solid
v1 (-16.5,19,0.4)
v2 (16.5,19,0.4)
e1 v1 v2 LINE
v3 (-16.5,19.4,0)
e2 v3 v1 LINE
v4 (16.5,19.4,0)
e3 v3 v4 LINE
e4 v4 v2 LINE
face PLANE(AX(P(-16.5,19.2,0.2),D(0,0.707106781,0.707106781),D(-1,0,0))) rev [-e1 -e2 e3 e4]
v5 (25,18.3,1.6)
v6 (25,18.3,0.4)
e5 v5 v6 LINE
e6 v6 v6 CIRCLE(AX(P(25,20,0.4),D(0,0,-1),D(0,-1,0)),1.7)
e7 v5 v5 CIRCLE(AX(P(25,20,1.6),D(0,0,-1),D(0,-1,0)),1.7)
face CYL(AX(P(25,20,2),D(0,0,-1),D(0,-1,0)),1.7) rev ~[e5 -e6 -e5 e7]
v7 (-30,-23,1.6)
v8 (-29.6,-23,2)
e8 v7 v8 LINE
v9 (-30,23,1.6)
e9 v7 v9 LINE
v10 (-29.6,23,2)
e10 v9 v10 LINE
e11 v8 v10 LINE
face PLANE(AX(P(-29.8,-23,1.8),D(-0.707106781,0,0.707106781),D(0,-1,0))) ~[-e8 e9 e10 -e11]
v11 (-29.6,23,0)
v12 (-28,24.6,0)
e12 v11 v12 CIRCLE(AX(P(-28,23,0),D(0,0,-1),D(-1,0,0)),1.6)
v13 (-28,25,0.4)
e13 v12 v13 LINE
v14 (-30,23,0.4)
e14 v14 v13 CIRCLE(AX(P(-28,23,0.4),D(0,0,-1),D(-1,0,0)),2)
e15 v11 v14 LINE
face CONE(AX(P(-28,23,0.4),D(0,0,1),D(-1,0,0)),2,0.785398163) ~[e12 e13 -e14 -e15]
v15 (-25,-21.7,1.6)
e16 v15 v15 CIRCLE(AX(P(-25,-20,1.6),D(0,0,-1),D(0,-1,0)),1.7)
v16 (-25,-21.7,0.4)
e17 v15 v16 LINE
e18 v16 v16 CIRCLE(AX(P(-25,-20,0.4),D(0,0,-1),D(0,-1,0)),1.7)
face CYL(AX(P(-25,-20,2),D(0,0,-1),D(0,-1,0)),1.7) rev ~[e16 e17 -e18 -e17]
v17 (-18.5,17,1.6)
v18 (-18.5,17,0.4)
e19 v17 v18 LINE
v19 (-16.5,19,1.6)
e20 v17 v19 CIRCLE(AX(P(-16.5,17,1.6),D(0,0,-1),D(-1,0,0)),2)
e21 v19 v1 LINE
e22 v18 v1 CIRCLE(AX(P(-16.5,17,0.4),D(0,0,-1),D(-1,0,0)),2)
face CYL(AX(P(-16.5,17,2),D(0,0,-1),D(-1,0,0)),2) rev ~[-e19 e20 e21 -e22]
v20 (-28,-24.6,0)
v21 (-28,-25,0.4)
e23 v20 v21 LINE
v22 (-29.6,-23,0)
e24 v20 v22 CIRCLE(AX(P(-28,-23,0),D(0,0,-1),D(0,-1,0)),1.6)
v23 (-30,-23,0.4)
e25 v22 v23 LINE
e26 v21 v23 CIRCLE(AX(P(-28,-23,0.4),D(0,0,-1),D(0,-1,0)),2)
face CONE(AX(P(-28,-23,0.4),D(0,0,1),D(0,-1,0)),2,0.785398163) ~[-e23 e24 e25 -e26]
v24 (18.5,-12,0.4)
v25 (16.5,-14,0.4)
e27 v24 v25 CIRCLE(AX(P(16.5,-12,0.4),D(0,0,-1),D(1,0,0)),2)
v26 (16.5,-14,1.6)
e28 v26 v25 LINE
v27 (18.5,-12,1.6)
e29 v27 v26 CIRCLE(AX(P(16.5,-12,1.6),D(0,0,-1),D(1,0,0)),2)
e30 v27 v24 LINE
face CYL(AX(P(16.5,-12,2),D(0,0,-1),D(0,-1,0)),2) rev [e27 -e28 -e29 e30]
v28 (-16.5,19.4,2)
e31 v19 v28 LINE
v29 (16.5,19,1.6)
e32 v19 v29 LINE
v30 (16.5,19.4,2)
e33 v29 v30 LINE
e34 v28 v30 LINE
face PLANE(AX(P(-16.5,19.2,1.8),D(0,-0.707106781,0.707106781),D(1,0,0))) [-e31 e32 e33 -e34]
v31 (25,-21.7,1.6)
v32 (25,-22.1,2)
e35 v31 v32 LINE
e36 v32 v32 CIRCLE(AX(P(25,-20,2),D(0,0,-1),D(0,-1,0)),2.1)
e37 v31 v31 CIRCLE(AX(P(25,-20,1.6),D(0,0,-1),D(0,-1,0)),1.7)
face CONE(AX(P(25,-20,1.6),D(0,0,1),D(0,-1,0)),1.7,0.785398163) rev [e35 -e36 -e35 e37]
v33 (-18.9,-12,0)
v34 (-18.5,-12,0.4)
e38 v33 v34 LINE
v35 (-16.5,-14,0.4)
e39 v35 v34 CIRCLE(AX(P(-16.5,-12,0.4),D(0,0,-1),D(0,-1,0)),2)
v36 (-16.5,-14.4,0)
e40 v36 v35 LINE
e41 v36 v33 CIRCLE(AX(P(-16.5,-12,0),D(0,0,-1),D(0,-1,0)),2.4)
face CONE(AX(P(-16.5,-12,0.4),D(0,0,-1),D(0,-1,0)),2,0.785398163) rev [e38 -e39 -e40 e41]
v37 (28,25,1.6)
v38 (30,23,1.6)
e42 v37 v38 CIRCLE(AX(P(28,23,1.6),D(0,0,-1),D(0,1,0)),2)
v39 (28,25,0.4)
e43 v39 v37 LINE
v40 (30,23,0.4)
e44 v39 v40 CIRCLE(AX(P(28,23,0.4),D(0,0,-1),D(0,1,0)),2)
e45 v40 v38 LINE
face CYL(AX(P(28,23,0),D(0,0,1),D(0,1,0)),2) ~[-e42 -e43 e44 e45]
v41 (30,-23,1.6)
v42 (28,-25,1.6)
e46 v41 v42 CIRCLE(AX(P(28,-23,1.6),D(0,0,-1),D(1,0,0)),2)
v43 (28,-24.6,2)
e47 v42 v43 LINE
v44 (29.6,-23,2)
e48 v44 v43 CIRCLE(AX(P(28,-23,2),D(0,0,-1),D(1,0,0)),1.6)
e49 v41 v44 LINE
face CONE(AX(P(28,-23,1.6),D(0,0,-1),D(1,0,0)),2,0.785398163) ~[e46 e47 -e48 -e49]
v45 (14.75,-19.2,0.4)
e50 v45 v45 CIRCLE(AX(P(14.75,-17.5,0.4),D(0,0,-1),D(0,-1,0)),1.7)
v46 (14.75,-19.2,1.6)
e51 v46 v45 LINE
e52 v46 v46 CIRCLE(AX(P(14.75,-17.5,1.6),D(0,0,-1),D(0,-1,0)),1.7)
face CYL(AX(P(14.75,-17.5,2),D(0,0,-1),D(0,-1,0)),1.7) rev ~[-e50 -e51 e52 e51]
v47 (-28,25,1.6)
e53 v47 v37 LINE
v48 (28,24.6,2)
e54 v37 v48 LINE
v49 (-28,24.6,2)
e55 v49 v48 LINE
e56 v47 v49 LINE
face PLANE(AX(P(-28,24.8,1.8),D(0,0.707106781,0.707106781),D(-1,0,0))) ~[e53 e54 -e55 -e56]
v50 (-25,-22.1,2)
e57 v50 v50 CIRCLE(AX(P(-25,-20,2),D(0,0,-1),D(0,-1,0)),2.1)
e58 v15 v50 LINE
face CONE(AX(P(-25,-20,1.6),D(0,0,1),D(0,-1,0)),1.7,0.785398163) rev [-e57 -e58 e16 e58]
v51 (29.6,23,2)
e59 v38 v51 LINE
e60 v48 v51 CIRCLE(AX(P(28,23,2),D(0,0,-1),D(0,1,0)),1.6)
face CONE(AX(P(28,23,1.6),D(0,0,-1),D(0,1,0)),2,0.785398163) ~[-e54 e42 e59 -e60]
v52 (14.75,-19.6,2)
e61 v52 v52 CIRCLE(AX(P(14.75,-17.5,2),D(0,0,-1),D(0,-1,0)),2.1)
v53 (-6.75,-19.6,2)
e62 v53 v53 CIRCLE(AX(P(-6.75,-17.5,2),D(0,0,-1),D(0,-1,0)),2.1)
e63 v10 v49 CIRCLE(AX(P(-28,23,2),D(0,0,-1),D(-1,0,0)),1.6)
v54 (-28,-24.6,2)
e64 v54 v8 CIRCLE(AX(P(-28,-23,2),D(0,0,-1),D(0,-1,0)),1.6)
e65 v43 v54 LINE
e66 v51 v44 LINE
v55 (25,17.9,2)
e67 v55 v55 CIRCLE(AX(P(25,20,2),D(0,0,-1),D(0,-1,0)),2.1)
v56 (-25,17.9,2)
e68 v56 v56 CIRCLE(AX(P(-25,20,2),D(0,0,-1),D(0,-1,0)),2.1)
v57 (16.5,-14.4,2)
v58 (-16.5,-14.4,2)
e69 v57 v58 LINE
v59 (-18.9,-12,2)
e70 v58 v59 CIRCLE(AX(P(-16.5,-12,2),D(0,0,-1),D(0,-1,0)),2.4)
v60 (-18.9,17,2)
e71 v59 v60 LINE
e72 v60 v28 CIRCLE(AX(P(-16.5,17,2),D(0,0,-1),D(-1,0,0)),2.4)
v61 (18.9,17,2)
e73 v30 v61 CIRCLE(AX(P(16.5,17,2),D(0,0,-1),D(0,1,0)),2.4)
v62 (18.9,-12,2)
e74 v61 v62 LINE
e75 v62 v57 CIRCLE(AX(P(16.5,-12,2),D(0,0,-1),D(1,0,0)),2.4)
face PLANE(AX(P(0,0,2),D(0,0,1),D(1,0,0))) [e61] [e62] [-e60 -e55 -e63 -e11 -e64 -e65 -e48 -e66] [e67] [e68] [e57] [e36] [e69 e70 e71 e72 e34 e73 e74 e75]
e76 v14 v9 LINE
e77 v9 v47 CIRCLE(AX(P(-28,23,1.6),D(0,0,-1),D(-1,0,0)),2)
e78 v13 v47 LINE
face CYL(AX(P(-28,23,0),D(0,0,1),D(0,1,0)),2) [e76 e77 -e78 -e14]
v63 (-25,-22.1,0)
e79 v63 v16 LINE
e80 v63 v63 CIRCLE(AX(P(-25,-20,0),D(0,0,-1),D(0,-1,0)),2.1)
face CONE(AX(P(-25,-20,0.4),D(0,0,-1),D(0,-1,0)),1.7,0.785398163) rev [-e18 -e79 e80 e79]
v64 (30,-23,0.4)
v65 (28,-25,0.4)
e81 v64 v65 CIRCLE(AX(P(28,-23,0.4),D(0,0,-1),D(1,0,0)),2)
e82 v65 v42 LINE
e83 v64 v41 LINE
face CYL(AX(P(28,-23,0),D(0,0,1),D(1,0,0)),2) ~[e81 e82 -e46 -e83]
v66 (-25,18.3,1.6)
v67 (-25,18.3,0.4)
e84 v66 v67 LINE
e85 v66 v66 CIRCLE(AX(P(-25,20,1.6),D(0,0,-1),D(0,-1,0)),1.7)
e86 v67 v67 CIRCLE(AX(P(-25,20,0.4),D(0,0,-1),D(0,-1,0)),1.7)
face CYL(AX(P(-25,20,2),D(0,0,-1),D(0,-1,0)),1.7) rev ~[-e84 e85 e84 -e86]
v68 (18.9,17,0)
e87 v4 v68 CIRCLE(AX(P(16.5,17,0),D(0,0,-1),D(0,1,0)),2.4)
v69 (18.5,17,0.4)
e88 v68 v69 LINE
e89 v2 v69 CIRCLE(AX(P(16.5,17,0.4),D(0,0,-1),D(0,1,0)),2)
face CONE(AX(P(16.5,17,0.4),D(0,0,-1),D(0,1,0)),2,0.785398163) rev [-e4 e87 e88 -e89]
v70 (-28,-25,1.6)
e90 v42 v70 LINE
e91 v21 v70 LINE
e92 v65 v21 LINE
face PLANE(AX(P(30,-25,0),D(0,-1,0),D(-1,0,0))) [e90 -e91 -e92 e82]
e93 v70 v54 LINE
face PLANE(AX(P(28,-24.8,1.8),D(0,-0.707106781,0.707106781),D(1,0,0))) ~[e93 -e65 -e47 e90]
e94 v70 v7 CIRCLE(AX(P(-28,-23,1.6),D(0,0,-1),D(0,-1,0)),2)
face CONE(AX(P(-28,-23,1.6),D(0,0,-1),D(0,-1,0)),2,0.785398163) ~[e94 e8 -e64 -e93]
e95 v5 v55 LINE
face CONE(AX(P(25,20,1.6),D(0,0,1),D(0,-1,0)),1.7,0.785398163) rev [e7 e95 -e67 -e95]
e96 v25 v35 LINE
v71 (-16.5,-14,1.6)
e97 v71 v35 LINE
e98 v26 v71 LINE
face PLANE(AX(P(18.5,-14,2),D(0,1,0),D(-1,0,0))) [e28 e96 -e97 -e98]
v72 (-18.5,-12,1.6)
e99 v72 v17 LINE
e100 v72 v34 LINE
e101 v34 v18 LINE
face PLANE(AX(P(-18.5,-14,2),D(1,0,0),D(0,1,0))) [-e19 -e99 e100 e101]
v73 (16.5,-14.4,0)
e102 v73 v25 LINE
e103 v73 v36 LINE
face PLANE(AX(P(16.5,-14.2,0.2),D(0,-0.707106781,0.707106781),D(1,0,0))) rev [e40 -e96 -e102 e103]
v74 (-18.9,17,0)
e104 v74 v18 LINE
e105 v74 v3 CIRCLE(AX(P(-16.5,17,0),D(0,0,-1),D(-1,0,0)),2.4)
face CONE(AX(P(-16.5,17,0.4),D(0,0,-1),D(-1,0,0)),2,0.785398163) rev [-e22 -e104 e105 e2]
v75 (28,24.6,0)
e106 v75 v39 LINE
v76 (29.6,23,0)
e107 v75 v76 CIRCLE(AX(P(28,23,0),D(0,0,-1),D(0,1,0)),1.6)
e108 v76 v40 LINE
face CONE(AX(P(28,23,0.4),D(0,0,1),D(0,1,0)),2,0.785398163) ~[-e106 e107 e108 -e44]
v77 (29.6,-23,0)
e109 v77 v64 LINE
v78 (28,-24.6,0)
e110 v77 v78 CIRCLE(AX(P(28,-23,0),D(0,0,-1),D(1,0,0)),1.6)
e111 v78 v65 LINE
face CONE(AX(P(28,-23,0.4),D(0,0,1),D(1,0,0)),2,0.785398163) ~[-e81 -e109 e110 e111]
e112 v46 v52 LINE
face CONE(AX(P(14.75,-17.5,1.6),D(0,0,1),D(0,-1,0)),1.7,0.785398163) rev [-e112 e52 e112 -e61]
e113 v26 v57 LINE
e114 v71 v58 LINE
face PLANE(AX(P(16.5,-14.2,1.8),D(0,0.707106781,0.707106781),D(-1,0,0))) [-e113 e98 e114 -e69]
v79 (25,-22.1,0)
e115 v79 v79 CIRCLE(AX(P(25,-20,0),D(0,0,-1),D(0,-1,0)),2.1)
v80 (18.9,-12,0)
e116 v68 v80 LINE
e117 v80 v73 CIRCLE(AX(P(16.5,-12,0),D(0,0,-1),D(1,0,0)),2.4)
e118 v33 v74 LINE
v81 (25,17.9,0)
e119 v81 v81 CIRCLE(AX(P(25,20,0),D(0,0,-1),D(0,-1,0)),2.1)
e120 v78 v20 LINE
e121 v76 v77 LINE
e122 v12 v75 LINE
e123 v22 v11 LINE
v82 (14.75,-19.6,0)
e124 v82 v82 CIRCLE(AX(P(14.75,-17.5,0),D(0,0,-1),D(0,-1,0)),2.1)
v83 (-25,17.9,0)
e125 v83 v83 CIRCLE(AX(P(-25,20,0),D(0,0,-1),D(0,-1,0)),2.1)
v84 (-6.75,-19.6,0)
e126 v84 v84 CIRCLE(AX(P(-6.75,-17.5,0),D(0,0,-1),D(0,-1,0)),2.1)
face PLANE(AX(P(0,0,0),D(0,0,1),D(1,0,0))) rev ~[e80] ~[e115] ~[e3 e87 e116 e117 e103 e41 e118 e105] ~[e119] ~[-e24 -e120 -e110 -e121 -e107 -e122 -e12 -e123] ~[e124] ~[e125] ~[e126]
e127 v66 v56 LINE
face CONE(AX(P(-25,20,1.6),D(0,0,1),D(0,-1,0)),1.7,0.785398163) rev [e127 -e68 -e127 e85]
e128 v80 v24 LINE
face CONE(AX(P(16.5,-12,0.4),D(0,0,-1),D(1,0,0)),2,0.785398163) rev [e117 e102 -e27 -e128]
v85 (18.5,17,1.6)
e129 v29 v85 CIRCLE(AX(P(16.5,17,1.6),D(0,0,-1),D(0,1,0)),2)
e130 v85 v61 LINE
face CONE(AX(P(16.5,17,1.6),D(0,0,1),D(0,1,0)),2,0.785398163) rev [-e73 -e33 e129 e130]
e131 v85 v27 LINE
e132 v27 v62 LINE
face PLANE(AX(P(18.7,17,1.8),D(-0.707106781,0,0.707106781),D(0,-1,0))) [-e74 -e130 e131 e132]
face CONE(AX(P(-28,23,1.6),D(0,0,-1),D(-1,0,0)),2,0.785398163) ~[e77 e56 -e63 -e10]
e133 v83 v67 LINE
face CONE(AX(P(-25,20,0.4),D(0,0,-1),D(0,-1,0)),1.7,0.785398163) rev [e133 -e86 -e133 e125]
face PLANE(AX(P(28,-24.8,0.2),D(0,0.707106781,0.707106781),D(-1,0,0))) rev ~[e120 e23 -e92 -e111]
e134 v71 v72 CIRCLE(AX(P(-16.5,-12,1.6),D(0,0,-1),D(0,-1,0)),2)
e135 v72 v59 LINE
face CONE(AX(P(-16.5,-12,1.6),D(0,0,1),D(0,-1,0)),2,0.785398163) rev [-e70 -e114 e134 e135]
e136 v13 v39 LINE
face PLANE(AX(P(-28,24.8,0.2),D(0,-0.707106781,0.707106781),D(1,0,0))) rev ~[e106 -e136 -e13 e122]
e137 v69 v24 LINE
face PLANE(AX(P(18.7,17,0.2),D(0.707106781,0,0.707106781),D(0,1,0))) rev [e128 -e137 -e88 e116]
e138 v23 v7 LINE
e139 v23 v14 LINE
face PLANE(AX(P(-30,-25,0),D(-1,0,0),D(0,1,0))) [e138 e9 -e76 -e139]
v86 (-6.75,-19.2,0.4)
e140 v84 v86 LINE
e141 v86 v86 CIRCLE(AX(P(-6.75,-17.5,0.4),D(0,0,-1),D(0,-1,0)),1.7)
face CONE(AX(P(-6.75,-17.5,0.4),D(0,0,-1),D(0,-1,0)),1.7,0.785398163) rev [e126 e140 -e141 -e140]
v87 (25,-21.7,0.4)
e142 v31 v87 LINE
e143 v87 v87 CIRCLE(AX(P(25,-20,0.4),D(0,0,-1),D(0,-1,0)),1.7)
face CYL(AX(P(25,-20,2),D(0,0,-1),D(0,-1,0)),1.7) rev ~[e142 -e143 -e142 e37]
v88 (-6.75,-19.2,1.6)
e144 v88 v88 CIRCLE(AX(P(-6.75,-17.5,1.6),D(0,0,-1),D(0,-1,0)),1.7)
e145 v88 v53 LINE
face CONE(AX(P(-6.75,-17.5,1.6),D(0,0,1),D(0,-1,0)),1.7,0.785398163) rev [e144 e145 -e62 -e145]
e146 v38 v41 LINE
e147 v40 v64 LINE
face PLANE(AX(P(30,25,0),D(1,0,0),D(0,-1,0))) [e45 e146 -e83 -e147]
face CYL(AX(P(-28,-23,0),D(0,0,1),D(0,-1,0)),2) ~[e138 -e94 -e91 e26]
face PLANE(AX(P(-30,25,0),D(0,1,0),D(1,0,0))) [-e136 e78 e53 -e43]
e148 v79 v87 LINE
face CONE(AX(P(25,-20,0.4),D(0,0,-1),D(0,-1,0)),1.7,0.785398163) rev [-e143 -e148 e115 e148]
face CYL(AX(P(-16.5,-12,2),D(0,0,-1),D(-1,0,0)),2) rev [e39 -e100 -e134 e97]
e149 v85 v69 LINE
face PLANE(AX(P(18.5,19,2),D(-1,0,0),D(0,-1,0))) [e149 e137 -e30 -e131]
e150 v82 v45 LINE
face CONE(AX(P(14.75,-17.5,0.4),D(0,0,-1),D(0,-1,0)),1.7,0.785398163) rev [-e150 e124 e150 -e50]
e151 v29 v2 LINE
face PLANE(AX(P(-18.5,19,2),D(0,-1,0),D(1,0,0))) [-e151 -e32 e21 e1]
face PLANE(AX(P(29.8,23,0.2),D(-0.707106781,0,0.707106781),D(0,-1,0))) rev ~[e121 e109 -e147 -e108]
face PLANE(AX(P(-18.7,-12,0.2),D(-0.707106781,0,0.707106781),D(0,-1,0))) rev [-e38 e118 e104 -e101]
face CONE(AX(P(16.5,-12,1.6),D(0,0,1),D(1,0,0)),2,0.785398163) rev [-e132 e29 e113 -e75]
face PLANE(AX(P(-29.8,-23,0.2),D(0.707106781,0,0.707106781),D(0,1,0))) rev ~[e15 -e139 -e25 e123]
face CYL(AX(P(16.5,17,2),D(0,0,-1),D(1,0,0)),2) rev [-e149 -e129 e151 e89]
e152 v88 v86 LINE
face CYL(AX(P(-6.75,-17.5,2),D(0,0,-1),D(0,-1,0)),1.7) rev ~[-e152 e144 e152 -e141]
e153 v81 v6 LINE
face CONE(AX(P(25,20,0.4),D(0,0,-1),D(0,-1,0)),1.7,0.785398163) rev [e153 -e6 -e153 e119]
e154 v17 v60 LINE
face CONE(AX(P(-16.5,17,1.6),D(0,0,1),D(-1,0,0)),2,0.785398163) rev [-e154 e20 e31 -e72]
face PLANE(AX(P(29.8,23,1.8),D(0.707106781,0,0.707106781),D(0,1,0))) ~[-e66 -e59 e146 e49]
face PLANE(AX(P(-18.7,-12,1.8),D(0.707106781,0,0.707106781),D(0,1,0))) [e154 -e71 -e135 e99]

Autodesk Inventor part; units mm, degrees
ref_plane "YZ Plane" through (0, 0, 0) normal (1, 0, 0) x (0, 1, 0)
ref_plane "XZ Plane" through (0, 0, 0) normal (0, 1, 0) x (-1, 0, 0)
ref_plane "XY Plane" through (0, 0, 0) normal (0, 0, 1) x (1, 0, 0)
sketch "Sketch1" plane through (0, 0, 0) normal (0, 0, 1) x (1, 0, 0)
  line L0 (-30, 25) -> (30, 25)
  line L1 (30, 25) -> (30, -25)
  line L2 (30, -25) -> (-30, -25)
  line L3 (-30, -25) -> (-30, 25)
  point P0 (0, 0)
  point P1 (30, 0)
  point P2 (0, 25)
  dimension "d0" = 60
  dimension "d1" = 50
extrude "Extrusion1" add sketch "Sketch1" along normal blind 2
fillet "Fillet1" radius 2 4 edges at (30, 25, 1) (-30, 25, 1) (30, -25, 1) (-30, -25, 1)
sketch "Sketch2" plane through (0, 0, 2) normal (0, 0, 1) x (1, 0, 0)
  line L0 (-25, 20) -> (25, 20) construction
  line L1 (25, 20) -> (25, -20) construction
  line L2 (25, -20) -> (-25, -20) construction
  line L3 (-25, -20) -> (-25, 20) construction
  point P0 (0, 0)
  point P1 (25, 0)
  point P2 (0, 20)
  dimension "d5" = 50
  dimension "d6" = 40
hole "Hole1" at (-25, 20, 2) at (25, 20, 2) at (-25, -20, 2) at (25, -20, 2) direction (0, 0, -1) diameter 3.4 end through all
sketch "Sketch3" plane through (0, 0, 2) normal (0, 0, 1) x (1, 0, 0)
  line L0 (-18.5, 19) -> (18.5, 19)
  line L1 (18.5, 19) -> (18.5, -14)
  line L2 (18.5, -14) -> (-18.5, -14)
  line L3 (-18.5, -14) -> (-18.5, 19)
  point P0 (0, 0)
  point P1 (0, 19)
  dimension "d15" = 33
  dimension "d16" = 37
  dimension "d17" = 14
extrude "Extrusion2" cut sketch "Sketch3" against normal blind 2
fillet "Fillet2" radius 2 4 edges at (-18.5, 19, 1) (18.5, 19, 1) (18.5, -14, 1) (-18.5, -14, 1)
sketch "Sketch4" plane through (0, 0, 2) normal (0, 0, 1) x (1, 0, 0)
  line L0 (-6.75, -17.5) -> (14.75, -17.5) construction
  line L1 (16.5, -14) -> (-16.5, -14) projected
  point P0 (0, 0)
  point P1 (4, -17.5)
  dimension "d21" = 21.5
  dimension "d22" = 3.5
  dimension "d33" = 4
hole "Hole2" at (-6.75, -17.5, 2) at (14.75, -17.5, 2) direction (0, 0, -1) diameter 3.4 end through all
chamfer "Chamfer1" distance 0.4 angle 45 44 edges at (0, 25, 2) (-29.4142, 24.4142, 2) (-30, 0, 2) (-29.4142, -24.4142, 2) (0, -25, 2) (29.4142, -24.4142, 2) (30, 0, 2) (29.4142, 24.4142, 2) (0, 25, 0) (-29.4142, 24.4142, 0) (-30, 0, 0) (-29.4142, -24.4142, 0) (0, -25, 0) (29.4142, -24.4142, 0) (30, 0, 0) (29.4142, 24.4142, 0) (-18.5, 2.5, 0) (-17.9142, -13.4142, 0) (0, -14, 0) (17.9142, -13.4142, 0) (18.5, 2.5, 0) (17.9142, 18.4142, 0) (0, 19, 0) (-17.9142, 18.4142, 0) (0, 19, 2) (17.9142, 18.4142, 2) (18.5, 2.5, 2) (17.9142, -13.4142, 2) (0, -14, 2) (-17.9142, -13.4142, 2) (-18.5, 2.5, 2) (-17.9142, 18.4142, 2) (-25, -18.3, 2) (25, -18.3, 2) (-25, 21.7, 2) (25, 21.7, 2) (-6.75, -15.8, 2) (14.75, -15.8, 2) (-25, -18.3, 0) (25, -18.3, 0) (-25, 21.7, 0) (25, 21.7, 0) (-6.75, -15.8, 0) (14.75, -15.8, 0)
properties part number "bradboardclip" material "ABS Plastic"
